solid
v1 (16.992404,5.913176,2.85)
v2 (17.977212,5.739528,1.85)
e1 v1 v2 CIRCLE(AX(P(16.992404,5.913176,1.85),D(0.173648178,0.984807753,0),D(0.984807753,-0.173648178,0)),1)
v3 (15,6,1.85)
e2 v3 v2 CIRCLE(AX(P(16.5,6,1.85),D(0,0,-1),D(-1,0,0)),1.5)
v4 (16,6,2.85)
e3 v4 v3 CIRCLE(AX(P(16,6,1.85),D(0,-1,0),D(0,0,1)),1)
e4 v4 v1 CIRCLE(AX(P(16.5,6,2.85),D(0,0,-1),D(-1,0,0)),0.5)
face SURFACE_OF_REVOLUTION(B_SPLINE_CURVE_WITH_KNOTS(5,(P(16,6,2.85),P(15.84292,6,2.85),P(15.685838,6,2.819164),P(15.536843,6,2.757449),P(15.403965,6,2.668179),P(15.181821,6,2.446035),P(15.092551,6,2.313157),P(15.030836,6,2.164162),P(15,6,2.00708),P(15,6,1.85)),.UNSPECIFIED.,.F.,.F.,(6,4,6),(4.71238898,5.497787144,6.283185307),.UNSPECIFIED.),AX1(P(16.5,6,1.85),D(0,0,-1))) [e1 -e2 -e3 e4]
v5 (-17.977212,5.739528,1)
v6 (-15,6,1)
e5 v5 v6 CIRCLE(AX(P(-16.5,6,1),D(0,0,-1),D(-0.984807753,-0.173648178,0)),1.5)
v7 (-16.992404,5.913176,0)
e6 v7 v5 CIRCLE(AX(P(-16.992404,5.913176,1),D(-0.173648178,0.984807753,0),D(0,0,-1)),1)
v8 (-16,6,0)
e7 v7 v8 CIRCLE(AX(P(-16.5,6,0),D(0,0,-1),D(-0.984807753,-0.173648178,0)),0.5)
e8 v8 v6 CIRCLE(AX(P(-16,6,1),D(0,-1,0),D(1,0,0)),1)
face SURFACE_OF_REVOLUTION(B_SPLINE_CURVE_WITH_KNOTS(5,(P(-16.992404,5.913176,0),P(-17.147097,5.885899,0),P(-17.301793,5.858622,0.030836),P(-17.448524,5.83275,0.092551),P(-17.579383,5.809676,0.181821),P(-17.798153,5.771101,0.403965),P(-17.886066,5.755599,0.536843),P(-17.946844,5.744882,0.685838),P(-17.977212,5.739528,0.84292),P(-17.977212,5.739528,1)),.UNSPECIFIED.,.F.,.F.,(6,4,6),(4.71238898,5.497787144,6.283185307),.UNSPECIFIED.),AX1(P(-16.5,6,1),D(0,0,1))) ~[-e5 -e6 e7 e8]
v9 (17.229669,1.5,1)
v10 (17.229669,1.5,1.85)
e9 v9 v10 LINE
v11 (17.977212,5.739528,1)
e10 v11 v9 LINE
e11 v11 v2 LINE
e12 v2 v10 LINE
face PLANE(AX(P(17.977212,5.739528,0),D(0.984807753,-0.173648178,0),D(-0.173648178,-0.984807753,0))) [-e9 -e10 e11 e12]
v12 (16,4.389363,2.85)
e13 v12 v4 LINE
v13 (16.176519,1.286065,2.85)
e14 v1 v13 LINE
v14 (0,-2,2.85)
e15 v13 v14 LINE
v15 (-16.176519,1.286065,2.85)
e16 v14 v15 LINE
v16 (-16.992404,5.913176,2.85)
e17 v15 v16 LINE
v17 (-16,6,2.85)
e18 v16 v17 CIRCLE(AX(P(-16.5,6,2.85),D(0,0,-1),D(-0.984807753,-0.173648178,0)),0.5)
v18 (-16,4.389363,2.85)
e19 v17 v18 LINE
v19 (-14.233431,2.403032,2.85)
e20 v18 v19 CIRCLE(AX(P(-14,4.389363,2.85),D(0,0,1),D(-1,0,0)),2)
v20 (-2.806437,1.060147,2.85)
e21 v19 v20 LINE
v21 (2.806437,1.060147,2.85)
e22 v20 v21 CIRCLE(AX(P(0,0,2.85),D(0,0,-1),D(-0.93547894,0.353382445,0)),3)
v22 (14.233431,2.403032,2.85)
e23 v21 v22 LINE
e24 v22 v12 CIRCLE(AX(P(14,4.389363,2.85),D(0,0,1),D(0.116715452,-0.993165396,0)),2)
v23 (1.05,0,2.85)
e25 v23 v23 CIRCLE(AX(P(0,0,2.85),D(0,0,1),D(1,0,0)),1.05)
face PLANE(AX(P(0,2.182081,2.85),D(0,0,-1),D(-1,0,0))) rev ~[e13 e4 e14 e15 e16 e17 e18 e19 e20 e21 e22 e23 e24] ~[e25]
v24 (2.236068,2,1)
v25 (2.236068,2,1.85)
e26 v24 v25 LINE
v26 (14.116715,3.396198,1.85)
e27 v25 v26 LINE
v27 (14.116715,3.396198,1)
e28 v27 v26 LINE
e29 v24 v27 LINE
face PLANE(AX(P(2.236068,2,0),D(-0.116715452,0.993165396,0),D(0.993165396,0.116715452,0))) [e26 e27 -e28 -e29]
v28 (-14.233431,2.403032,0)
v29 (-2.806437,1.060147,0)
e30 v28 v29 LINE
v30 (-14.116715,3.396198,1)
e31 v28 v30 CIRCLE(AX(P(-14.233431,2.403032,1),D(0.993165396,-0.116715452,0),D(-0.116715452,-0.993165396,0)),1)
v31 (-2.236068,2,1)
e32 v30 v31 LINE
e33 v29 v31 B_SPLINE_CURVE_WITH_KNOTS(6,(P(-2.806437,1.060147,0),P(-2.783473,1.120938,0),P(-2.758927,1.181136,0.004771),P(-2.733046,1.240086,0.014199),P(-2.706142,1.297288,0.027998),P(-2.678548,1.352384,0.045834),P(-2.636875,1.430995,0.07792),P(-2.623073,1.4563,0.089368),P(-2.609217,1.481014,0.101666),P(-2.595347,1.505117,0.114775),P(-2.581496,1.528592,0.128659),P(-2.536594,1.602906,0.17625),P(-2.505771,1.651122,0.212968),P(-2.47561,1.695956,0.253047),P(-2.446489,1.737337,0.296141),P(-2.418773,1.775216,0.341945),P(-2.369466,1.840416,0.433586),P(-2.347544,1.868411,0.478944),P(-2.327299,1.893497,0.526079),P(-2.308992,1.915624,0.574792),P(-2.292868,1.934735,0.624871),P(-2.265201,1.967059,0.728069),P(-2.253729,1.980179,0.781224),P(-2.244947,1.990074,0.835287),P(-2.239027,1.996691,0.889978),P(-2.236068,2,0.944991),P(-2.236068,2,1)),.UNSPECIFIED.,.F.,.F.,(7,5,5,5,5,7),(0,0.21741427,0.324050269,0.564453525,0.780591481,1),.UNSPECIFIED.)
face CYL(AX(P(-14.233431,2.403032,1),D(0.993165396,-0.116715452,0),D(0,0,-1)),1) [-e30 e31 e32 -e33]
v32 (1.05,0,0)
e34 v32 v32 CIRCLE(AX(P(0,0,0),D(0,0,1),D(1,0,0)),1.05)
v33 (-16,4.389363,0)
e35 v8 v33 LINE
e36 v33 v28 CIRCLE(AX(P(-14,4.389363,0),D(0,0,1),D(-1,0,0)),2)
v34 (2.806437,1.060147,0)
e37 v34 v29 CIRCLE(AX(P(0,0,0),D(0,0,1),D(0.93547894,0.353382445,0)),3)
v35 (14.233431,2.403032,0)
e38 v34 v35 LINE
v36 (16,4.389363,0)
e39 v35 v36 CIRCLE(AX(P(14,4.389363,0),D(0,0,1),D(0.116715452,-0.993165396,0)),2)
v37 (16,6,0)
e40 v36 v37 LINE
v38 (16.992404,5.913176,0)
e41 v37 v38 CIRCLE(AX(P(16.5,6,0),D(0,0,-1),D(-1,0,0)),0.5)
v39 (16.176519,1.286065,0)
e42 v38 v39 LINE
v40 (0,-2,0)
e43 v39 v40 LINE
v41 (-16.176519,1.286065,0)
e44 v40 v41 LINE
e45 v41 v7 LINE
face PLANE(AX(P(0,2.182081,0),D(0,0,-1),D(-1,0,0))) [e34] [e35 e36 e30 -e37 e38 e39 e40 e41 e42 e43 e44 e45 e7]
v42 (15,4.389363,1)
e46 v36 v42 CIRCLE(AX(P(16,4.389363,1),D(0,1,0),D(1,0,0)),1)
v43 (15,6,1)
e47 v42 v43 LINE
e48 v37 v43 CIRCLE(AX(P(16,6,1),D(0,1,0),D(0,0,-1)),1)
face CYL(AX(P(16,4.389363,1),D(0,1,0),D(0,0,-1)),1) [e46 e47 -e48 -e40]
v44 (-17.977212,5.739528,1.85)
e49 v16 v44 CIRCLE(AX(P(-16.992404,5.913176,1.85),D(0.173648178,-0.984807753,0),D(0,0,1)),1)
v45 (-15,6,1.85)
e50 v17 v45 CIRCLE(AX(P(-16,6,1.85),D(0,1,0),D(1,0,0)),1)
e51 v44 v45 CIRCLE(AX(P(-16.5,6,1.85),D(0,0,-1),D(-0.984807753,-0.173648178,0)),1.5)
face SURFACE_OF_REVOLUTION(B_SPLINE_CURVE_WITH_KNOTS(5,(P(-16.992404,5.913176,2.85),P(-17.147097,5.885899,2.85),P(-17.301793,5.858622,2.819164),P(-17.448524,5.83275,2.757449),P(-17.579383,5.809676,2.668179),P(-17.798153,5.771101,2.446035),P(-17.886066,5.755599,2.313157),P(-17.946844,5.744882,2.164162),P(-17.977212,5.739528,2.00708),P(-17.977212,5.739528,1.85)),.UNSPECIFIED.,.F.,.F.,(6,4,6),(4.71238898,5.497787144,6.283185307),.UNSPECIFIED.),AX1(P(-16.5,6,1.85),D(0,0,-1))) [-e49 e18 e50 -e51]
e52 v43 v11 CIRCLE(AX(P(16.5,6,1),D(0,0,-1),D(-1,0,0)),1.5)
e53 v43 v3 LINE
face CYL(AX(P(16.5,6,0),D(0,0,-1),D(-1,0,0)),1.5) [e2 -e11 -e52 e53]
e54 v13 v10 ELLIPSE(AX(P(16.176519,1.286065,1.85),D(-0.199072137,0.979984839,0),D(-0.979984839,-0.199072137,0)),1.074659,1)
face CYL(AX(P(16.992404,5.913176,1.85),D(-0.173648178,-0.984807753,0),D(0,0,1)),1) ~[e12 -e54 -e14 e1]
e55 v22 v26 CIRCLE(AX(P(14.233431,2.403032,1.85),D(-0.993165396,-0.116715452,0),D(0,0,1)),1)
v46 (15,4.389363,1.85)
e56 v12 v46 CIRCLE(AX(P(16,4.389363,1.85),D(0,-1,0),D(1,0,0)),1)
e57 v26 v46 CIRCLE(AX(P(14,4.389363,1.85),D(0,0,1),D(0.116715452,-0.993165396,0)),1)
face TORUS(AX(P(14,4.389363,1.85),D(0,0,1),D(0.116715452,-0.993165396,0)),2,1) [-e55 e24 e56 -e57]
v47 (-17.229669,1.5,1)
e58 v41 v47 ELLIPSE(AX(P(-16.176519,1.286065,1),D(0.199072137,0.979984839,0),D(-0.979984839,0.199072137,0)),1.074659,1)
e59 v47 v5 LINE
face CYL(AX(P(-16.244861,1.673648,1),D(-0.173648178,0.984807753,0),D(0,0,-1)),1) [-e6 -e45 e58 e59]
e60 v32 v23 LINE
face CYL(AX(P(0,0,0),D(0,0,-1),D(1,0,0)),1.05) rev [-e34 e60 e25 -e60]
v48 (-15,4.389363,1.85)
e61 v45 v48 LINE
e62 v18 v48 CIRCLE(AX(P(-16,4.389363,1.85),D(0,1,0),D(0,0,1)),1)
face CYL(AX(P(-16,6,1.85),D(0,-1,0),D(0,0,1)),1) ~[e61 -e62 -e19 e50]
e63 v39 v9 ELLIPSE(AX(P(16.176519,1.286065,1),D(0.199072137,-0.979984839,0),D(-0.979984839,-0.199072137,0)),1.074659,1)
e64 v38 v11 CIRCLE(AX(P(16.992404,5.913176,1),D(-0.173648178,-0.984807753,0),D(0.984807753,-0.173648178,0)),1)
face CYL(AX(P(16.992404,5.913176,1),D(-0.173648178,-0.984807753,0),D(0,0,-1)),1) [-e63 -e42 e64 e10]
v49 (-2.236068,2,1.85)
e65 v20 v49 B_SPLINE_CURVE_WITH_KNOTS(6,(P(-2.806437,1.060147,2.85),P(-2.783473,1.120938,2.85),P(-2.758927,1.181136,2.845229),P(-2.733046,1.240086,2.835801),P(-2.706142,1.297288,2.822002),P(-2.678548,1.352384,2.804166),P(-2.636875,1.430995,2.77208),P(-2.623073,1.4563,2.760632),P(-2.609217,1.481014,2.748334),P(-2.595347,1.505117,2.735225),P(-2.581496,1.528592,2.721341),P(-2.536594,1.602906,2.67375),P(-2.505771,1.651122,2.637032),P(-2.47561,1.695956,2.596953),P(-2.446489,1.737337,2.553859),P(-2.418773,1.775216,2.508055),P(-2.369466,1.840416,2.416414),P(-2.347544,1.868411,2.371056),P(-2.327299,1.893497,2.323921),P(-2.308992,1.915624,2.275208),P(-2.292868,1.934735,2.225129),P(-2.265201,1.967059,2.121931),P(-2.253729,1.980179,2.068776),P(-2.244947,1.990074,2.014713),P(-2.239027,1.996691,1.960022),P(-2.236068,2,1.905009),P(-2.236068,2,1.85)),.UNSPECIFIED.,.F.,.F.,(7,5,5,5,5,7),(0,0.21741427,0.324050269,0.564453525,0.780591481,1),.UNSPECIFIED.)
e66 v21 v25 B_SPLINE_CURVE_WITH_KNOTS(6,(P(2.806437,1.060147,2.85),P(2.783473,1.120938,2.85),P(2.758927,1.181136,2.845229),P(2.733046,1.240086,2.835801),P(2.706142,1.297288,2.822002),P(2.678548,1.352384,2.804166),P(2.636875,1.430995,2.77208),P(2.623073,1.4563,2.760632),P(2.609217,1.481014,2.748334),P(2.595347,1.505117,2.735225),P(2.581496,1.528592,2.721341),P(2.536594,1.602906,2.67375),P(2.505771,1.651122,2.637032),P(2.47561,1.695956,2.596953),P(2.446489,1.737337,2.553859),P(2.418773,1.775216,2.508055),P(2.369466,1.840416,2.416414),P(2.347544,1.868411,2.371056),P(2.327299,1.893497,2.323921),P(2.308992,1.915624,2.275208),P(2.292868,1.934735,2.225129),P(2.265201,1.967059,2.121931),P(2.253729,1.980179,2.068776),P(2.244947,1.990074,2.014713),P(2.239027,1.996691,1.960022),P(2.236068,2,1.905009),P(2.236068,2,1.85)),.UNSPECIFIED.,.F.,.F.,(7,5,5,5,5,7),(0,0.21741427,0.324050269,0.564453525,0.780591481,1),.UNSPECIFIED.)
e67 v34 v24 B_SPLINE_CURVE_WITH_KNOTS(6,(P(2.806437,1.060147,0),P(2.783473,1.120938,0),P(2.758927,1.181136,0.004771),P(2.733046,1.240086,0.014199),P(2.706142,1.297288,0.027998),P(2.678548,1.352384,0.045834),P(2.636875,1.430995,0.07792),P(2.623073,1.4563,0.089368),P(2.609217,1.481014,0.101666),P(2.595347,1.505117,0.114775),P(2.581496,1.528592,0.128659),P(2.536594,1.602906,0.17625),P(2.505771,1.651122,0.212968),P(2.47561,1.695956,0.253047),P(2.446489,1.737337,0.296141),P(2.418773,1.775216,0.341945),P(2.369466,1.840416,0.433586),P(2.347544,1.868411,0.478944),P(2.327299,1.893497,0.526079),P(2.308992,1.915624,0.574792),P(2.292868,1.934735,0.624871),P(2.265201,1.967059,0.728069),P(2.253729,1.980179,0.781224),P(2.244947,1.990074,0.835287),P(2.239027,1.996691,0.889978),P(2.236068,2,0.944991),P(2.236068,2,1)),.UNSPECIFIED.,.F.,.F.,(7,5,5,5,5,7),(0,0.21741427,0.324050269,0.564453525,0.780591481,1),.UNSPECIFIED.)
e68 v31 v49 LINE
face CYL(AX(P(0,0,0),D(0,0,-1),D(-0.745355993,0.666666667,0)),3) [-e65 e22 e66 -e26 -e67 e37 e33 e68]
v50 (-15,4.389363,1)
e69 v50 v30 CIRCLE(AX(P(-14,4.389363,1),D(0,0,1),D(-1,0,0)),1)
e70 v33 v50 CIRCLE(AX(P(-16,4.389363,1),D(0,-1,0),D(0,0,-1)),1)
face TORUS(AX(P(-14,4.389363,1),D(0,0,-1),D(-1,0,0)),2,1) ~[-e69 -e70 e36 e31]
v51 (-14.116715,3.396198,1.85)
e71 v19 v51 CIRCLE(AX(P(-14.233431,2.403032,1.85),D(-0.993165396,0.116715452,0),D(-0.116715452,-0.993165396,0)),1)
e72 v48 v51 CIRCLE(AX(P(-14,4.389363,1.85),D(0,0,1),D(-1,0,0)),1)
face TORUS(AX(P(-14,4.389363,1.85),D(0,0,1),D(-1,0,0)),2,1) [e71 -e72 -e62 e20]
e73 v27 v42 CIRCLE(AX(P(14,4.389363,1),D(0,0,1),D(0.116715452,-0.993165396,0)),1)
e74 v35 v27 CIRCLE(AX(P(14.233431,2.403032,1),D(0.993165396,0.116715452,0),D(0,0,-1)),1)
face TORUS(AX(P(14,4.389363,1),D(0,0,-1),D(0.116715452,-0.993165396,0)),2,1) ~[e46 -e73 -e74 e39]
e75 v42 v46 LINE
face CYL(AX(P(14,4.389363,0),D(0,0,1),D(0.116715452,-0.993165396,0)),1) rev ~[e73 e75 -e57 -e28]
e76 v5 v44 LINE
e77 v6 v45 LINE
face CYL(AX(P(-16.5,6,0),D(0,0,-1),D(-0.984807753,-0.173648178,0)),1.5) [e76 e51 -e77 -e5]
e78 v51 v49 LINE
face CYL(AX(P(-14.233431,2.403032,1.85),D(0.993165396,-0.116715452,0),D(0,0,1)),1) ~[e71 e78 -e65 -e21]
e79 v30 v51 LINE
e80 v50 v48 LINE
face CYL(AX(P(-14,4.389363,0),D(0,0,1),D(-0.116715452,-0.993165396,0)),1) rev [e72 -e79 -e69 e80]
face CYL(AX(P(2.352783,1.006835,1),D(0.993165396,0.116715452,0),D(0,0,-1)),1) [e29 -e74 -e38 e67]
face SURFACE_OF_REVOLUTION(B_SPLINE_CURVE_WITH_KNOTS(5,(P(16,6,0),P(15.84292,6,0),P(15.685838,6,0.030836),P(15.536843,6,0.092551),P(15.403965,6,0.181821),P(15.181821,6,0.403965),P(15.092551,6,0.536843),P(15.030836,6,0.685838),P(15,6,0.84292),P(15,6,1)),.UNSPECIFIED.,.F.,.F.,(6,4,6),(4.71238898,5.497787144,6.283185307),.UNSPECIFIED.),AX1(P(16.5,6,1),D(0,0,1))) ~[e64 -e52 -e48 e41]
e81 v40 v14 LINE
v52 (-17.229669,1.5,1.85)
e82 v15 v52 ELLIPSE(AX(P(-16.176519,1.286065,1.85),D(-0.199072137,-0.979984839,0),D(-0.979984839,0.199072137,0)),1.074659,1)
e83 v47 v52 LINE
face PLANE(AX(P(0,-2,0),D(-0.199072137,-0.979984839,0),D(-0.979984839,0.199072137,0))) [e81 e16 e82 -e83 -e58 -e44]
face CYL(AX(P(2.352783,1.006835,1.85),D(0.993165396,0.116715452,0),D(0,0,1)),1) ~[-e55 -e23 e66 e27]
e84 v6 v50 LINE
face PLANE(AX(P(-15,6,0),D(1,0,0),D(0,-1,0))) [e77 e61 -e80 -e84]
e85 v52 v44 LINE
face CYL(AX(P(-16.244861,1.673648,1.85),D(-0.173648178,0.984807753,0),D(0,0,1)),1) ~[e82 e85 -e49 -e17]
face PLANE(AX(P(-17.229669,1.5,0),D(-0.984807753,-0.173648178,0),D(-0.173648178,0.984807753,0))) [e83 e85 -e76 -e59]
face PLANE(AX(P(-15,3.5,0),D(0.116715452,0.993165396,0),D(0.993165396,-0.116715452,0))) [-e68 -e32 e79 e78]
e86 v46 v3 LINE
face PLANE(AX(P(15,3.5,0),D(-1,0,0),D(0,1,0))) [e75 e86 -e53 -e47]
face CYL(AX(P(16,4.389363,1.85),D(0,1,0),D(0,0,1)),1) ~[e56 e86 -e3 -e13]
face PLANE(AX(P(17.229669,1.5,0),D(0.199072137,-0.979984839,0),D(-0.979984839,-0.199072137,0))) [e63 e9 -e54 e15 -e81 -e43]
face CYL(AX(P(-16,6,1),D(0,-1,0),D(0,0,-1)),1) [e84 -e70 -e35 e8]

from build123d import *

# Parameters (mm, degrees)
SKETCH1_R           = 1.05
BOSS_EXTRUDE1_DEPTH = 2.85
FILLET2_R           = 1
FILLET1_R           = 1


with BuildPart() as part:
    # Sketch1 → Boss-Extrude1 (new body)
    with BuildSketch(Plane.XY):
        with BuildLine():
            Line((2.236067977, 2), (15, 3.5))
            Line((15, 3.5), (15, 6))
            ThreePointArc((15, 6), (16.630733614, 7.494292047), (17.97721163, 5.739527733))
            Line((17.97721163, 5.739527733), (17.229668505, 1.5))
            Line((17.229668505, 1.5), (0, -2))
            Line((0, -2), (-17.229668505, 1.5))
            Line((-17.229668505, 1.5), (-17.97721163, 5.739527733))
            ThreePointArc((-17.97721163, 5.739527733), (-16.630733614, 7.494292047), (-15, 6))
            Line((-15, 6), (-15, 3.5))
            Line((-15, 3.5), (-2.236067977, 2))
            ThreePointArc((-2.236067977, 2), (0, 3), (2.236067977, 2))
        make_face()
        Circle(SKETCH1_R, mode=Mode.SUBTRACT)
    extrude(amount=BOSS_EXTRUDE1_DEPTH)

    # Fillet2
    fillet2_edges = [part.edges().sort_by_distance(p)[0] for p in [
        (15, 3.5, 1.425),
        (-15, 3.5, 1.425),
    ]]
    fillet(fillet2_edges, radius=FILLET2_R)

    # Fillet1
    fillet1_edges = [part.edges().sort_by_distance(p)[0] for p in [
        (15, 5.194681496, 0),
        (16.630733614, 7.494292047, 0),
        (17.603440067, 3.619763867, 0),
        (-17.603440067, 3.619763867, 0),
        (-16.630733614, 7.494292047, 0),
        (-16.630733614, 7.494292047, 2.85),
        (-8.176391715, 2.698098798, 0),
        (-17.603440067, 3.619763867, 2.85),
        (17.603440067, 3.619763867, 2.85),
        (16.630733614, 7.494292047, 2.85),
        (15, 5.194681496, 2.85),
        (-15, 5.194681496, 0),
        (-15, 5.194681496, 2.85),
        (8.176391715, 2.698098798, 0),
        (8.176391715, 2.698098798, 2.85),
        (-14.747233381, 3.724801276, 0),
        (-14.747233381, 3.724801276, 2.85),
        (14.747233381, 3.724801276, 0),
        (14.747233381, 3.724801276, 2.85),
        (-8.176391715, 2.698098798, 2.85),
    ]]
    fillet(fillet1_edges, radius=FILLET1_R)


solid = part.part
